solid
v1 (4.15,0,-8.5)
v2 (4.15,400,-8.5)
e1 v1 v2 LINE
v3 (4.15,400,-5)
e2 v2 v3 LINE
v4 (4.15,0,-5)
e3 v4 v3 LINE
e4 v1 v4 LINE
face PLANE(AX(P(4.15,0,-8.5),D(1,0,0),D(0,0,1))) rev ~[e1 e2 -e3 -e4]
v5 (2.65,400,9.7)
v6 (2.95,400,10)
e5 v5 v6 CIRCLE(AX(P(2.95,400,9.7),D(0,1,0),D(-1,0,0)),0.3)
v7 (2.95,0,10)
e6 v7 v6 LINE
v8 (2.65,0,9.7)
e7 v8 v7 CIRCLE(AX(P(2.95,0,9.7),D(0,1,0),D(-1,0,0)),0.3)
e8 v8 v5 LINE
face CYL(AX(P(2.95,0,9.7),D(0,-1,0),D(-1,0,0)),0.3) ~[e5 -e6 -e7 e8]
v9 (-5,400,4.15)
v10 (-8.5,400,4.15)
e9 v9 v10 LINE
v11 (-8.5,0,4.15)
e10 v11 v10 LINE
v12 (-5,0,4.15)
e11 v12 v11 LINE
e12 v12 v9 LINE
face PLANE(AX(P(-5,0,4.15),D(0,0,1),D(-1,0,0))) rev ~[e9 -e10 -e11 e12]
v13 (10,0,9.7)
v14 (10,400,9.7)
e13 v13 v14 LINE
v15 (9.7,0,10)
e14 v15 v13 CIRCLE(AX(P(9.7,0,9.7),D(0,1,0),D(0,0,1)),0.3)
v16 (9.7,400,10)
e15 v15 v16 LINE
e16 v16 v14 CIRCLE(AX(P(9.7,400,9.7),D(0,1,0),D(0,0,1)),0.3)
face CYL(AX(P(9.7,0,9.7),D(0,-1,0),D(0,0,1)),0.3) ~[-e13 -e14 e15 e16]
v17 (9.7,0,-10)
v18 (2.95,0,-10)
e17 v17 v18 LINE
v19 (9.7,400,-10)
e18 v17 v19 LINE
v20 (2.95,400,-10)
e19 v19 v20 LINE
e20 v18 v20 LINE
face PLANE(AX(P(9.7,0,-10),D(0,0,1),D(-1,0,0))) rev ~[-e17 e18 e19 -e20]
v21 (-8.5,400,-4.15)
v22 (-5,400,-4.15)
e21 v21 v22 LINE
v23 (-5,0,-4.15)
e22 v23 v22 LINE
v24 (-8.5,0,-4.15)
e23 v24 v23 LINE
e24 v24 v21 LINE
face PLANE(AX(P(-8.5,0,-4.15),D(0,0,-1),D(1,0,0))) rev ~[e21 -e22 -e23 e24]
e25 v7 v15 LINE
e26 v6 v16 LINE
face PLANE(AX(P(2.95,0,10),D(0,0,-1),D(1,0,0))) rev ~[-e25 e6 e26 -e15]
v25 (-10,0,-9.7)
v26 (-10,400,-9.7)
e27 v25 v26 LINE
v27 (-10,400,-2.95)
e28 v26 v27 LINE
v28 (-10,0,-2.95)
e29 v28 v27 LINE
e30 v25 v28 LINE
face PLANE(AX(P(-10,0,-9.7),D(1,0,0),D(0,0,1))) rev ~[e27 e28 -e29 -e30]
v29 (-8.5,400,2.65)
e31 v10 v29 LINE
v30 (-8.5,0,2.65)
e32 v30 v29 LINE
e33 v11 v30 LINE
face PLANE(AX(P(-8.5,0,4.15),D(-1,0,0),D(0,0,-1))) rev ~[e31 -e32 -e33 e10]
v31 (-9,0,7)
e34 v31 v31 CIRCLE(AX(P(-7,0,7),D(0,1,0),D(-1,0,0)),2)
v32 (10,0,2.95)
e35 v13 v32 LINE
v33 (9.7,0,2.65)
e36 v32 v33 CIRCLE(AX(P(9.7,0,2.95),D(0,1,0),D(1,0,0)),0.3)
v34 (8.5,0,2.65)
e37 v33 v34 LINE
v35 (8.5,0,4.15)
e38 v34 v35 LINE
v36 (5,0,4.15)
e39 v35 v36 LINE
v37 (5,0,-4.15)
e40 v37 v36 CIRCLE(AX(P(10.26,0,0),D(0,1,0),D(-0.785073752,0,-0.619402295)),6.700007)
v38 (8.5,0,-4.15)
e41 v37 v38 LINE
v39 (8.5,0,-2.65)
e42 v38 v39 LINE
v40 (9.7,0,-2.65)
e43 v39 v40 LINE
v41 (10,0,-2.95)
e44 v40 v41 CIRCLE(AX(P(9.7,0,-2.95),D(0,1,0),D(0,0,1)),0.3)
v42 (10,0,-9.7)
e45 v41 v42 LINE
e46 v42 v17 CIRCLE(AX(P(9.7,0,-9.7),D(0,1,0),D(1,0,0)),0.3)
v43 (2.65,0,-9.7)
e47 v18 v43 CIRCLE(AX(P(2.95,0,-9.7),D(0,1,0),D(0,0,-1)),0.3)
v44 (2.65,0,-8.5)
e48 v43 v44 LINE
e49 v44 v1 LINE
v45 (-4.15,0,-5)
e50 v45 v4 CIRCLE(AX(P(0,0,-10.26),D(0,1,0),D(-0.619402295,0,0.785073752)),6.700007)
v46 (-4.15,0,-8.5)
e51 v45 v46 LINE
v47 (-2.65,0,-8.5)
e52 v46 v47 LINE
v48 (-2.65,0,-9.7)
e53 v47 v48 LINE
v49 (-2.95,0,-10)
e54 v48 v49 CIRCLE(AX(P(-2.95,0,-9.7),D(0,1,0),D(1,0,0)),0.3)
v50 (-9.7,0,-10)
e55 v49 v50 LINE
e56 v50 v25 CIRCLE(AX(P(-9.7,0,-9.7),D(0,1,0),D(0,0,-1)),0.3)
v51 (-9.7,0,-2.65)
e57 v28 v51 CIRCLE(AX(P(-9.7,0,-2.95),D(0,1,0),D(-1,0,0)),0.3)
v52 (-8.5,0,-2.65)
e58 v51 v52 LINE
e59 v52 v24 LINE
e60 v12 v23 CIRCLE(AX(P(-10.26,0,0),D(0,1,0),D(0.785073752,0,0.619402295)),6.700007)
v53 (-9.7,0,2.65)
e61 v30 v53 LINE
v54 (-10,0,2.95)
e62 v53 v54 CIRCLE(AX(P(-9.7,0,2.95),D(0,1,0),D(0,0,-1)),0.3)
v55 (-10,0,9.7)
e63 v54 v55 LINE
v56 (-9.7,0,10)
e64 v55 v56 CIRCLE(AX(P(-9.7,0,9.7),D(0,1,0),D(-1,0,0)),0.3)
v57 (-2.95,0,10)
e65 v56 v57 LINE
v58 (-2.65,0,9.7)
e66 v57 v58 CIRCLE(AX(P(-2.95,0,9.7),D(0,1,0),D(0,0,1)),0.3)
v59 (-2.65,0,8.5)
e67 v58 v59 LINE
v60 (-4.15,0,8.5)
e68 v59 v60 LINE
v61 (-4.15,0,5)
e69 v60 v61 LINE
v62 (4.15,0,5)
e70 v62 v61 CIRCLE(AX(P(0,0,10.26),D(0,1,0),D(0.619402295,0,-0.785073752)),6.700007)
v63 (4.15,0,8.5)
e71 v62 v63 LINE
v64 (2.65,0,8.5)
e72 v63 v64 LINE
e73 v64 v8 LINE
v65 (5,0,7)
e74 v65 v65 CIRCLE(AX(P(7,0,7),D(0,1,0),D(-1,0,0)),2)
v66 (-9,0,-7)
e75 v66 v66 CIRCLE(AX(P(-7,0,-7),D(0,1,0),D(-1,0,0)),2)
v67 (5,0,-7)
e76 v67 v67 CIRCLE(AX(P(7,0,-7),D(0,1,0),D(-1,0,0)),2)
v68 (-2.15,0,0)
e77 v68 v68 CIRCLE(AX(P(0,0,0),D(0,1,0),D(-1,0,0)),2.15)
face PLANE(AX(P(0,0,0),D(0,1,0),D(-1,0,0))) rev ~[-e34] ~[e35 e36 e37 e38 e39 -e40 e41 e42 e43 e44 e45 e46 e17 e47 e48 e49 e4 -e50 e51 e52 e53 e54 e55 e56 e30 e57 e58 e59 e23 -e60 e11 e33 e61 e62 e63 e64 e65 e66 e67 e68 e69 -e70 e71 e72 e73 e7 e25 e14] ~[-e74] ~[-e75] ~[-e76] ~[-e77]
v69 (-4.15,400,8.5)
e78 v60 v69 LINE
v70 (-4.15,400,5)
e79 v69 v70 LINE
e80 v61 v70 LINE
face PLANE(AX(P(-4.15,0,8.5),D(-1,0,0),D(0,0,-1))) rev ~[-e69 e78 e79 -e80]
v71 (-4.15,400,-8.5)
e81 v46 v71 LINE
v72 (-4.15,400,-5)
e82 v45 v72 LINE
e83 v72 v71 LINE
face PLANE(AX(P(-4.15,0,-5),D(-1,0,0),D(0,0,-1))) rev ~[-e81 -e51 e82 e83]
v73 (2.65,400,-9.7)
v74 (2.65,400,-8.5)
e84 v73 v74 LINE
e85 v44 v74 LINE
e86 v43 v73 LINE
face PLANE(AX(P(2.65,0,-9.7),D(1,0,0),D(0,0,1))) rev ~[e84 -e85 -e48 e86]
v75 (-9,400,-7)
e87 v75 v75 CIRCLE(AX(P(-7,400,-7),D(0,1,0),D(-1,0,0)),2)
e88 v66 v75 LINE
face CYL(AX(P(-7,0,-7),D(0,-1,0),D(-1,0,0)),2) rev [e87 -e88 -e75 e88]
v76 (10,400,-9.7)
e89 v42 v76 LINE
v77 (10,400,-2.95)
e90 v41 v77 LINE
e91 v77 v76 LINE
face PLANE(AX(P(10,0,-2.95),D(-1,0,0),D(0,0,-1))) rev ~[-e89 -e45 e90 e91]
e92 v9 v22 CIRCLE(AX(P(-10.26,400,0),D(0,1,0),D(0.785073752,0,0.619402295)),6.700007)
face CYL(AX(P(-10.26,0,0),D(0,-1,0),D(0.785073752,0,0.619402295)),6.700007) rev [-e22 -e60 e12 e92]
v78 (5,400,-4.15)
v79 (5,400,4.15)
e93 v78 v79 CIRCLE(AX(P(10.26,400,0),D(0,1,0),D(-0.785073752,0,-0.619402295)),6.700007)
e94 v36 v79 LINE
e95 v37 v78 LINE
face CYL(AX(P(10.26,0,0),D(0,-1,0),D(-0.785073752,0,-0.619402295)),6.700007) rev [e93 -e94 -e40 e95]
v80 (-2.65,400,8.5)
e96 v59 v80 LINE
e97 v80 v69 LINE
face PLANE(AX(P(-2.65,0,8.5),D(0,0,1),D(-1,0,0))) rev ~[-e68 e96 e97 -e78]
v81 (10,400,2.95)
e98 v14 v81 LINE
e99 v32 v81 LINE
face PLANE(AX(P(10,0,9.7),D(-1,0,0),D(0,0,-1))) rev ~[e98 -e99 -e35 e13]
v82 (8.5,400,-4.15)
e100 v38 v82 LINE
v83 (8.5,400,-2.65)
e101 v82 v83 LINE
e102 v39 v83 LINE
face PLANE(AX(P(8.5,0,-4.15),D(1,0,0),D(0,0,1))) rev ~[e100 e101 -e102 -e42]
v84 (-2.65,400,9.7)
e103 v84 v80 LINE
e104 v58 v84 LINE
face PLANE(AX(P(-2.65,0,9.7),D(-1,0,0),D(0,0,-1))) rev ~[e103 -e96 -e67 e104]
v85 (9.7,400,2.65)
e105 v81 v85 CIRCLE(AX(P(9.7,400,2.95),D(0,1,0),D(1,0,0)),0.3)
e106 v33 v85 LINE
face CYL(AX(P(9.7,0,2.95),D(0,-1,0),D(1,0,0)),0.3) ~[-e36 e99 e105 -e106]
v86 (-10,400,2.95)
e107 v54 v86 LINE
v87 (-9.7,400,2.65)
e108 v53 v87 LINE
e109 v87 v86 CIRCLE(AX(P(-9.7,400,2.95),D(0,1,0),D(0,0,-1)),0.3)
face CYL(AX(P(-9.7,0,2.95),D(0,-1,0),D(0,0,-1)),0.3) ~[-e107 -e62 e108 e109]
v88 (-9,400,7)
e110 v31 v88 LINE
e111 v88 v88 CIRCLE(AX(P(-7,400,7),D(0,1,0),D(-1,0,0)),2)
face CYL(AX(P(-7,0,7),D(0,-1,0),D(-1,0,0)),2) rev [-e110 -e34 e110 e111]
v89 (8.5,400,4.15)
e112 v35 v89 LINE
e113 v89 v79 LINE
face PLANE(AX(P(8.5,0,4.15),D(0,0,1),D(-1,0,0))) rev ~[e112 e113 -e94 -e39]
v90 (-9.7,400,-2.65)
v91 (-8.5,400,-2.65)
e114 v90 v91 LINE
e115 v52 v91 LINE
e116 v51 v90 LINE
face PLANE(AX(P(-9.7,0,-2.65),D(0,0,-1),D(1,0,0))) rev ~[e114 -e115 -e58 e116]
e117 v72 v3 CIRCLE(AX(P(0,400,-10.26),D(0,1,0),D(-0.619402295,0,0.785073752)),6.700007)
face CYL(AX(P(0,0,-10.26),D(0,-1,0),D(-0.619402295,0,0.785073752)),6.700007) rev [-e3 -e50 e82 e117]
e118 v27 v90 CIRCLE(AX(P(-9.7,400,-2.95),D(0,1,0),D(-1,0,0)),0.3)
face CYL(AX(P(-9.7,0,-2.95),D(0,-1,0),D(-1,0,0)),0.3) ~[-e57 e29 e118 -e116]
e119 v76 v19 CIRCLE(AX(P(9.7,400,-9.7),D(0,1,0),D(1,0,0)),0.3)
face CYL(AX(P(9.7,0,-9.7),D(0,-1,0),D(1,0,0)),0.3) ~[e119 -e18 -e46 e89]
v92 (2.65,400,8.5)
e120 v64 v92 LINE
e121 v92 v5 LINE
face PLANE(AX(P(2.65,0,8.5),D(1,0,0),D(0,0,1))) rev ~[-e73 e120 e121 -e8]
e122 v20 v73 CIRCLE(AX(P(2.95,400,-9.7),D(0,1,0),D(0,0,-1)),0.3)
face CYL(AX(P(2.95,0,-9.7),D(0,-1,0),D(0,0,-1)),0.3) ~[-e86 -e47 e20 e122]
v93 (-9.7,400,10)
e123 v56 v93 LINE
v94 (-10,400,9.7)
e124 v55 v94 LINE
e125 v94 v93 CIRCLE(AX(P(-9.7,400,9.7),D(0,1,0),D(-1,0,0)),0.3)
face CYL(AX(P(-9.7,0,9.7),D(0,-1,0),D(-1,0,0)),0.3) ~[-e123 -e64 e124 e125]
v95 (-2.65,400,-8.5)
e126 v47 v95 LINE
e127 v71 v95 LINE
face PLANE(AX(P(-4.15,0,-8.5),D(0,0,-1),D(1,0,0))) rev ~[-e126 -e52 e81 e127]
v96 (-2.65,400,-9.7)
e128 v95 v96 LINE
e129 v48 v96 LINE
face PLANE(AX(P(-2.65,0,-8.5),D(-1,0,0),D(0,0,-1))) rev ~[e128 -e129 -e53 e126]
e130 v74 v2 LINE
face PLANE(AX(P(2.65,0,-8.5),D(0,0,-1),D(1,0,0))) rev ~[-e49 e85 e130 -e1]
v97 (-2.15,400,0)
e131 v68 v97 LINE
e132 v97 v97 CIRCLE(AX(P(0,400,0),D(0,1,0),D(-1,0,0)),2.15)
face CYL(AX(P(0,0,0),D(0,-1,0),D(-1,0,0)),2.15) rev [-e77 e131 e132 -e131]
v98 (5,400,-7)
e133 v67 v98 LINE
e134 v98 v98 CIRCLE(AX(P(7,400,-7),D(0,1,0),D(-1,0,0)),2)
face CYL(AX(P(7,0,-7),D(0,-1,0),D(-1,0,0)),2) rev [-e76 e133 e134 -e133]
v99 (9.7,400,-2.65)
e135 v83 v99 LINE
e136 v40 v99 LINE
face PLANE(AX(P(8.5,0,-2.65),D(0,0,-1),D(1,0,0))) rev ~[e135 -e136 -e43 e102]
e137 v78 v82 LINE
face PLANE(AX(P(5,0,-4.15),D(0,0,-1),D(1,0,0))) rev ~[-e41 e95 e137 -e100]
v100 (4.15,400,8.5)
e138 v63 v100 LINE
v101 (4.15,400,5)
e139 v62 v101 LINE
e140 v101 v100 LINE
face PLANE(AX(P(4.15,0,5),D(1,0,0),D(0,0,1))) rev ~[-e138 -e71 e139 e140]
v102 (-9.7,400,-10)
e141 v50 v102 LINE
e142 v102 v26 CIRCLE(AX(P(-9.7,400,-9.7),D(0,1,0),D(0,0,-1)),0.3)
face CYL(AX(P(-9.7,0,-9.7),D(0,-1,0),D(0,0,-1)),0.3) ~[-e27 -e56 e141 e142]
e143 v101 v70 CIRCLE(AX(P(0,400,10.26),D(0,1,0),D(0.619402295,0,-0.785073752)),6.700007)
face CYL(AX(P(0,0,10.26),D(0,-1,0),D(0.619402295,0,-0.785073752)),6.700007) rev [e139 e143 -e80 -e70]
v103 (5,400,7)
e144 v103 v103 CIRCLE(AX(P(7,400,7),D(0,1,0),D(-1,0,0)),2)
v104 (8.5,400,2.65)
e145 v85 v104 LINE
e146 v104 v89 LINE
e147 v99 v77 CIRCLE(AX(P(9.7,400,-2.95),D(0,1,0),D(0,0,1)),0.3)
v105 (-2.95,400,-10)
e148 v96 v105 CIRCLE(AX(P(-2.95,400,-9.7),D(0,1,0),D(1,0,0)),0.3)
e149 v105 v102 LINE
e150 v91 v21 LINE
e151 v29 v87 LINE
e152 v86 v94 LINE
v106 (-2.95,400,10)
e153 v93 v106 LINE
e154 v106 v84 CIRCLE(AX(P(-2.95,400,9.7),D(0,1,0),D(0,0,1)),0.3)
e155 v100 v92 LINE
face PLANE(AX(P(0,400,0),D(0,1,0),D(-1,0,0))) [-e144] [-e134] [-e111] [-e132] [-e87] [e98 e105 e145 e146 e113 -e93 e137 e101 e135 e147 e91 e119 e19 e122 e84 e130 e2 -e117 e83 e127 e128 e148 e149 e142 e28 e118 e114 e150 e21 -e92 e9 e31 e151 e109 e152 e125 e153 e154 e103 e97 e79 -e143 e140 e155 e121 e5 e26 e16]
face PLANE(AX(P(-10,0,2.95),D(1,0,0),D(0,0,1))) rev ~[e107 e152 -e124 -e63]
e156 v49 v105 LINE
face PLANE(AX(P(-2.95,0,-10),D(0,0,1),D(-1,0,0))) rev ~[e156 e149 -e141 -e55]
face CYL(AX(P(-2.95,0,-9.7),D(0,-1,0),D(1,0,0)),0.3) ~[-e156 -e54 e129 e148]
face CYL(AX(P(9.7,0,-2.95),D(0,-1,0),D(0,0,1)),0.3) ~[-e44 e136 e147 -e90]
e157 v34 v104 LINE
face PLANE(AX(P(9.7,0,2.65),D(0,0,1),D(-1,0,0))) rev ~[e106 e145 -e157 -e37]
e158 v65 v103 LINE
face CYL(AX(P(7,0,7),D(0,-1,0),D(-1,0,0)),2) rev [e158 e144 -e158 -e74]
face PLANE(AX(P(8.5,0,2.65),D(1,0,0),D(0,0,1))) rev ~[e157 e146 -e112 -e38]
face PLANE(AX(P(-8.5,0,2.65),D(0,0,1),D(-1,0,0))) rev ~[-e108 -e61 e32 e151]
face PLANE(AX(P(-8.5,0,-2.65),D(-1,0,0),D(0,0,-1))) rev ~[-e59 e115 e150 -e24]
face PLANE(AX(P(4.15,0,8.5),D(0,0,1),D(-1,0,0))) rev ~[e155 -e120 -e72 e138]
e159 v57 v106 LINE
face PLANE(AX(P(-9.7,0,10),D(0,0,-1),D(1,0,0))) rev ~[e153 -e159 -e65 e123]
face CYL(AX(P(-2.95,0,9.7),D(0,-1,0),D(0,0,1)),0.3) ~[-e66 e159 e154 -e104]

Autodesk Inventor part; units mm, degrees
ref_plane "YZ Plane" through (0, 0, 0) normal (1, 0, 0) x (0, 1, 0)
ref_plane "XZ Plane" through (0, 0, 0) normal (0, 1, 0) x (-1, 0, 0)
ref_plane "XY Plane" through (0, 0, 0) normal (0, 0, 1) x (1, 0, 0)
sketch "스케치1" plane through (0, 0, 0) normal (0, 1, 0) x (-1, 0, 0)
  circle A0 centre (492.8246, -160.4273) radius 2.15 projected
  circle A1 centre (499.8246, -167.4273) radius 2 projected
  circle A2 centre (499.8246, -153.4273) radius 2 projected
  circle A3 centre (485.8246, -153.4273) radius 2 projected
  circle A4 centre (485.8246, -167.4273) radius 2 projected
  arc A5 (490.1746, -150.7273) -> (489.8746, -150.4273) centre (489.8746, -150.7273) ccw projected
  line L0 (489.8746, -150.4273) -> (483.1246, -150.4273) projected
  arc A6 (483.1246, -150.4273) -> (482.8246, -150.7273) centre (483.1246, -150.7273) ccw projected
  line L1 (482.8246, -150.7273) -> (482.8246, -157.4773) projected
  arc A7 (482.8246, -157.4773) -> (483.1246, -157.7773) centre (483.1246, -157.4773) ccw projected
  line L2 (483.1246, -157.7773) -> (484.3246, -157.7773) projected
  line L3 (484.3246, -157.7773) -> (484.3246, -156.2773) projected
  line L4 (484.3246, -156.2773) -> (487.8246, -156.2773) projected
  arc A8 (487.8246, -164.5773) -> (487.8246, -156.2773) centre (482.5646, -160.4273) ccw projected
  line L5 (487.8246, -164.5773) -> (484.3246, -164.5773) projected
  line L6 (484.3246, -164.5773) -> (484.3246, -163.0773) projected
  line L7 (484.3246, -163.0773) -> (483.1246, -163.0773) projected
  arc A9 (483.1246, -163.0773) -> (482.8246, -163.3773) centre (483.1246, -163.3773) ccw projected
  line L8 (482.8246, -163.3773) -> (482.8246, -170.1273) projected
  arc A10 (482.8246, -170.1273) -> (483.1246, -170.4273) centre (483.1246, -170.1273) ccw projected
  line L9 (483.1246, -170.4273) -> (489.8746, -170.4273) projected
  arc A11 (489.8746, -170.4273) -> (490.1746, -170.1273) centre (489.8746, -170.1273) ccw projected
  line L10 (490.1746, -170.1273) -> (490.1746, -168.9273) projected
  line L11 (490.1746, -168.9273) -> (488.6746, -168.9273) projected
  line L12 (488.6746, -168.9273) -> (488.6746, -165.4273) projected
  arc A12 (496.9746, -165.4273) -> (488.6746, -165.4273) centre (492.8246, -170.6873) ccw projected
  line L13 (496.9746, -165.4273) -> (496.9746, -168.9273) projected
  line L14 (496.9746, -168.9273) -> (495.4746, -168.9273) projected
  line L15 (495.4746, -168.9273) -> (495.4746, -170.1273) projected
  arc A13 (495.4746, -170.1273) -> (495.7746, -170.4273) centre (495.7746, -170.1273) ccw projected
  line L16 (495.7746, -170.4273) -> (502.5246, -170.4273) projected
  arc A14 (502.5246, -170.4273) -> (502.8246, -170.1273) centre (502.5246, -170.1273) ccw projected
  line L17 (502.8246, -170.1273) -> (502.8246, -163.3773) projected
  arc A15 (502.8246, -163.3773) -> (502.5246, -163.0773) centre (502.5246, -163.3773) ccw projected
  line L18 (502.5246, -163.0773) -> (501.3246, -163.0773) projected
  line L19 (501.3246, -163.0773) -> (501.3246, -164.5773) projected
  line L20 (501.3246, -164.5773) -> (497.8246, -164.5773) projected
  arc A16 (497.8246, -156.2773) -> (497.8246, -164.5773) centre (503.0846, -160.4273) ccw projected
  line L21 (497.8246, -156.2773) -> (501.3246, -156.2773) projected
  line L22 (501.3246, -156.2773) -> (501.3246, -157.7773) projected
  line L23 (501.3246, -157.7773) -> (502.5246, -157.7773) projected
  arc A17 (502.5246, -157.7773) -> (502.8246, -157.4773) centre (502.5246, -157.4773) ccw projected
  line L24 (502.8246, -157.4773) -> (502.8246, -150.7273) projected
  arc A18 (502.8246, -150.7273) -> (502.5246, -150.4273) centre (502.5246, -150.7273) ccw projected
  line L25 (502.5246, -150.4273) -> (495.7746, -150.4273) projected
  arc A19 (495.7746, -150.4273) -> (495.4746, -150.7273) centre (495.7746, -150.7273) ccw projected
  line L26 (495.4746, -150.7273) -> (495.4746, -151.9273) projected
  line L27 (495.4746, -151.9273) -> (496.9746, -151.9273) projected
  line L28 (496.9746, -151.9273) -> (496.9746, -155.4273) projected
  arc A20 (488.6746, -155.4273) -> (496.9746, -155.4273) centre (492.8246, -150.1673) ccw projected
  line L29 (488.6746, -155.4273) -> (488.6746, -151.9273) projected
  line L30 (488.6746, -151.9273) -> (490.1746, -151.9273) projected
  line L31 (490.1746, -151.9273) -> (490.1746, -150.7273) projected
  circle A21 centre (0, 0) radius 2.15
  circle A22 centre (7, -7) radius 2
  circle A23 centre (7, 7) radius 2
  circle A24 centre (-7, 7) radius 2
  circle A25 centre (-7, -7) radius 2
  arc A26 (-2.65, 9.7) -> (-2.95, 10) centre (-2.95, 9.7) ccw
  line L32 (-2.95, 10) -> (-9.7, 10)
  arc A27 (-9.7, 10) -> (-10, 9.7) centre (-9.7, 9.7) ccw
  line L33 (-10, 9.7) -> (-10, 2.95)
  arc A28 (-10, 2.95) -> (-9.7, 2.65) centre (-9.7, 2.95) ccw
  line L34 (-9.7, 2.65) -> (-8.5, 2.65)
  line L35 (-8.5, 2.65) -> (-8.5, 4.15)
  line L36 (-8.5, 4.15) -> (-5, 4.15)
  arc A29 (-5, -4.15) -> (-5, 4.15) centre (-10.26, 0) ccw
  line L37 (-5, -4.15) -> (-8.5, -4.15)
  line L38 (-8.5, -4.15) -> (-8.5, -2.65)
  line L39 (-8.5, -2.65) -> (-9.7, -2.65)
  arc A30 (-9.7, -2.65) -> (-10, -2.95) centre (-9.7, -2.95) ccw
  line L40 (-10, -2.95) -> (-10, -9.7)
  arc A31 (-10, -9.7) -> (-9.7, -10) centre (-9.7, -9.7) ccw
  line L41 (-9.7, -10) -> (-2.95, -10)
  arc A32 (-2.95, -10) -> (-2.65, -9.7) centre (-2.95, -9.7) ccw
  line L42 (-2.65, -9.7) -> (-2.65, -8.5)
  line L43 (-2.65, -8.5) -> (-4.15, -8.5)
  line L44 (-4.15, -8.5) -> (-4.15, -5)
  arc A33 (4.15, -5) -> (-4.15, -5) centre (0, -10.26) ccw
  line L45 (4.15, -5) -> (4.15, -8.5)
  line L46 (4.15, -8.5) -> (2.65, -8.5)
  line L47 (2.65, -8.5) -> (2.65, -9.7)
  arc A34 (2.65, -9.7) -> (2.95, -10) centre (2.95, -9.7) ccw
  line L48 (2.95, -10) -> (9.7, -10)
  arc A35 (9.7, -10) -> (10, -9.7) centre (9.7, -9.7) ccw
  line L49 (10, -9.7) -> (10, -2.95)
  arc A36 (10, -2.95) -> (9.7, -2.65) centre (9.7, -2.95) ccw
  line L50 (9.7, -2.65) -> (8.5, -2.65)
  line L51 (8.5, -2.65) -> (8.5, -4.15)
  line L52 (8.5, -4.15) -> (5, -4.15)
  arc A37 (5, 4.15) -> (5, -4.15) centre (10.26, 0) ccw
  line L53 (5, 4.15) -> (8.5, 4.15)
  line L54 (8.5, 4.15) -> (8.5, 2.65)
  line L55 (8.5, 2.65) -> (9.7, 2.65)
  arc A38 (9.7, 2.65) -> (10, 2.95) centre (9.7, 2.95) ccw
  line L56 (10, 2.95) -> (10, 9.7)
  arc A39 (10, 9.7) -> (9.7, 10) centre (9.7, 9.7) ccw
  line L57 (9.7, 10) -> (2.95, 10)
  arc A40 (2.95, 10) -> (2.65, 9.7) centre (2.95, 9.7) ccw
  line L58 (2.65, 9.7) -> (2.65, 8.5)
  line L59 (2.65, 8.5) -> (4.15, 8.5)
  line L60 (4.15, 8.5) -> (4.15, 5)
  arc A41 (-4.15, 5) -> (4.15, 5) centre (0, 10.26) ccw
  line L61 (-4.15, 5) -> (-4.15, 8.5)
  line L62 (-4.15, 8.5) -> (-2.65, 8.5)
  line L63 (-2.65, 8.5) -> (-2.65, 9.7)
  point P0 (0, 0)
extrude "돌출1" add sketch "스케치1" along normal blind 400 contours L63 L62 L61 A41 L60 L59 L58 A40 L57 A39 L56 A38 L55 L54 L53 A37 L52 L51 L50 A36 L49 A35 L48 A34 L47 L46 L45 A33 L44 L43 L42 A32 L41 A31 L40 A30 L39 L38 L37 A29 L36 L35 L34 A28 L33 A27 L32 A26
properties part number "Propile_202040" material "알루미늄 6061"
